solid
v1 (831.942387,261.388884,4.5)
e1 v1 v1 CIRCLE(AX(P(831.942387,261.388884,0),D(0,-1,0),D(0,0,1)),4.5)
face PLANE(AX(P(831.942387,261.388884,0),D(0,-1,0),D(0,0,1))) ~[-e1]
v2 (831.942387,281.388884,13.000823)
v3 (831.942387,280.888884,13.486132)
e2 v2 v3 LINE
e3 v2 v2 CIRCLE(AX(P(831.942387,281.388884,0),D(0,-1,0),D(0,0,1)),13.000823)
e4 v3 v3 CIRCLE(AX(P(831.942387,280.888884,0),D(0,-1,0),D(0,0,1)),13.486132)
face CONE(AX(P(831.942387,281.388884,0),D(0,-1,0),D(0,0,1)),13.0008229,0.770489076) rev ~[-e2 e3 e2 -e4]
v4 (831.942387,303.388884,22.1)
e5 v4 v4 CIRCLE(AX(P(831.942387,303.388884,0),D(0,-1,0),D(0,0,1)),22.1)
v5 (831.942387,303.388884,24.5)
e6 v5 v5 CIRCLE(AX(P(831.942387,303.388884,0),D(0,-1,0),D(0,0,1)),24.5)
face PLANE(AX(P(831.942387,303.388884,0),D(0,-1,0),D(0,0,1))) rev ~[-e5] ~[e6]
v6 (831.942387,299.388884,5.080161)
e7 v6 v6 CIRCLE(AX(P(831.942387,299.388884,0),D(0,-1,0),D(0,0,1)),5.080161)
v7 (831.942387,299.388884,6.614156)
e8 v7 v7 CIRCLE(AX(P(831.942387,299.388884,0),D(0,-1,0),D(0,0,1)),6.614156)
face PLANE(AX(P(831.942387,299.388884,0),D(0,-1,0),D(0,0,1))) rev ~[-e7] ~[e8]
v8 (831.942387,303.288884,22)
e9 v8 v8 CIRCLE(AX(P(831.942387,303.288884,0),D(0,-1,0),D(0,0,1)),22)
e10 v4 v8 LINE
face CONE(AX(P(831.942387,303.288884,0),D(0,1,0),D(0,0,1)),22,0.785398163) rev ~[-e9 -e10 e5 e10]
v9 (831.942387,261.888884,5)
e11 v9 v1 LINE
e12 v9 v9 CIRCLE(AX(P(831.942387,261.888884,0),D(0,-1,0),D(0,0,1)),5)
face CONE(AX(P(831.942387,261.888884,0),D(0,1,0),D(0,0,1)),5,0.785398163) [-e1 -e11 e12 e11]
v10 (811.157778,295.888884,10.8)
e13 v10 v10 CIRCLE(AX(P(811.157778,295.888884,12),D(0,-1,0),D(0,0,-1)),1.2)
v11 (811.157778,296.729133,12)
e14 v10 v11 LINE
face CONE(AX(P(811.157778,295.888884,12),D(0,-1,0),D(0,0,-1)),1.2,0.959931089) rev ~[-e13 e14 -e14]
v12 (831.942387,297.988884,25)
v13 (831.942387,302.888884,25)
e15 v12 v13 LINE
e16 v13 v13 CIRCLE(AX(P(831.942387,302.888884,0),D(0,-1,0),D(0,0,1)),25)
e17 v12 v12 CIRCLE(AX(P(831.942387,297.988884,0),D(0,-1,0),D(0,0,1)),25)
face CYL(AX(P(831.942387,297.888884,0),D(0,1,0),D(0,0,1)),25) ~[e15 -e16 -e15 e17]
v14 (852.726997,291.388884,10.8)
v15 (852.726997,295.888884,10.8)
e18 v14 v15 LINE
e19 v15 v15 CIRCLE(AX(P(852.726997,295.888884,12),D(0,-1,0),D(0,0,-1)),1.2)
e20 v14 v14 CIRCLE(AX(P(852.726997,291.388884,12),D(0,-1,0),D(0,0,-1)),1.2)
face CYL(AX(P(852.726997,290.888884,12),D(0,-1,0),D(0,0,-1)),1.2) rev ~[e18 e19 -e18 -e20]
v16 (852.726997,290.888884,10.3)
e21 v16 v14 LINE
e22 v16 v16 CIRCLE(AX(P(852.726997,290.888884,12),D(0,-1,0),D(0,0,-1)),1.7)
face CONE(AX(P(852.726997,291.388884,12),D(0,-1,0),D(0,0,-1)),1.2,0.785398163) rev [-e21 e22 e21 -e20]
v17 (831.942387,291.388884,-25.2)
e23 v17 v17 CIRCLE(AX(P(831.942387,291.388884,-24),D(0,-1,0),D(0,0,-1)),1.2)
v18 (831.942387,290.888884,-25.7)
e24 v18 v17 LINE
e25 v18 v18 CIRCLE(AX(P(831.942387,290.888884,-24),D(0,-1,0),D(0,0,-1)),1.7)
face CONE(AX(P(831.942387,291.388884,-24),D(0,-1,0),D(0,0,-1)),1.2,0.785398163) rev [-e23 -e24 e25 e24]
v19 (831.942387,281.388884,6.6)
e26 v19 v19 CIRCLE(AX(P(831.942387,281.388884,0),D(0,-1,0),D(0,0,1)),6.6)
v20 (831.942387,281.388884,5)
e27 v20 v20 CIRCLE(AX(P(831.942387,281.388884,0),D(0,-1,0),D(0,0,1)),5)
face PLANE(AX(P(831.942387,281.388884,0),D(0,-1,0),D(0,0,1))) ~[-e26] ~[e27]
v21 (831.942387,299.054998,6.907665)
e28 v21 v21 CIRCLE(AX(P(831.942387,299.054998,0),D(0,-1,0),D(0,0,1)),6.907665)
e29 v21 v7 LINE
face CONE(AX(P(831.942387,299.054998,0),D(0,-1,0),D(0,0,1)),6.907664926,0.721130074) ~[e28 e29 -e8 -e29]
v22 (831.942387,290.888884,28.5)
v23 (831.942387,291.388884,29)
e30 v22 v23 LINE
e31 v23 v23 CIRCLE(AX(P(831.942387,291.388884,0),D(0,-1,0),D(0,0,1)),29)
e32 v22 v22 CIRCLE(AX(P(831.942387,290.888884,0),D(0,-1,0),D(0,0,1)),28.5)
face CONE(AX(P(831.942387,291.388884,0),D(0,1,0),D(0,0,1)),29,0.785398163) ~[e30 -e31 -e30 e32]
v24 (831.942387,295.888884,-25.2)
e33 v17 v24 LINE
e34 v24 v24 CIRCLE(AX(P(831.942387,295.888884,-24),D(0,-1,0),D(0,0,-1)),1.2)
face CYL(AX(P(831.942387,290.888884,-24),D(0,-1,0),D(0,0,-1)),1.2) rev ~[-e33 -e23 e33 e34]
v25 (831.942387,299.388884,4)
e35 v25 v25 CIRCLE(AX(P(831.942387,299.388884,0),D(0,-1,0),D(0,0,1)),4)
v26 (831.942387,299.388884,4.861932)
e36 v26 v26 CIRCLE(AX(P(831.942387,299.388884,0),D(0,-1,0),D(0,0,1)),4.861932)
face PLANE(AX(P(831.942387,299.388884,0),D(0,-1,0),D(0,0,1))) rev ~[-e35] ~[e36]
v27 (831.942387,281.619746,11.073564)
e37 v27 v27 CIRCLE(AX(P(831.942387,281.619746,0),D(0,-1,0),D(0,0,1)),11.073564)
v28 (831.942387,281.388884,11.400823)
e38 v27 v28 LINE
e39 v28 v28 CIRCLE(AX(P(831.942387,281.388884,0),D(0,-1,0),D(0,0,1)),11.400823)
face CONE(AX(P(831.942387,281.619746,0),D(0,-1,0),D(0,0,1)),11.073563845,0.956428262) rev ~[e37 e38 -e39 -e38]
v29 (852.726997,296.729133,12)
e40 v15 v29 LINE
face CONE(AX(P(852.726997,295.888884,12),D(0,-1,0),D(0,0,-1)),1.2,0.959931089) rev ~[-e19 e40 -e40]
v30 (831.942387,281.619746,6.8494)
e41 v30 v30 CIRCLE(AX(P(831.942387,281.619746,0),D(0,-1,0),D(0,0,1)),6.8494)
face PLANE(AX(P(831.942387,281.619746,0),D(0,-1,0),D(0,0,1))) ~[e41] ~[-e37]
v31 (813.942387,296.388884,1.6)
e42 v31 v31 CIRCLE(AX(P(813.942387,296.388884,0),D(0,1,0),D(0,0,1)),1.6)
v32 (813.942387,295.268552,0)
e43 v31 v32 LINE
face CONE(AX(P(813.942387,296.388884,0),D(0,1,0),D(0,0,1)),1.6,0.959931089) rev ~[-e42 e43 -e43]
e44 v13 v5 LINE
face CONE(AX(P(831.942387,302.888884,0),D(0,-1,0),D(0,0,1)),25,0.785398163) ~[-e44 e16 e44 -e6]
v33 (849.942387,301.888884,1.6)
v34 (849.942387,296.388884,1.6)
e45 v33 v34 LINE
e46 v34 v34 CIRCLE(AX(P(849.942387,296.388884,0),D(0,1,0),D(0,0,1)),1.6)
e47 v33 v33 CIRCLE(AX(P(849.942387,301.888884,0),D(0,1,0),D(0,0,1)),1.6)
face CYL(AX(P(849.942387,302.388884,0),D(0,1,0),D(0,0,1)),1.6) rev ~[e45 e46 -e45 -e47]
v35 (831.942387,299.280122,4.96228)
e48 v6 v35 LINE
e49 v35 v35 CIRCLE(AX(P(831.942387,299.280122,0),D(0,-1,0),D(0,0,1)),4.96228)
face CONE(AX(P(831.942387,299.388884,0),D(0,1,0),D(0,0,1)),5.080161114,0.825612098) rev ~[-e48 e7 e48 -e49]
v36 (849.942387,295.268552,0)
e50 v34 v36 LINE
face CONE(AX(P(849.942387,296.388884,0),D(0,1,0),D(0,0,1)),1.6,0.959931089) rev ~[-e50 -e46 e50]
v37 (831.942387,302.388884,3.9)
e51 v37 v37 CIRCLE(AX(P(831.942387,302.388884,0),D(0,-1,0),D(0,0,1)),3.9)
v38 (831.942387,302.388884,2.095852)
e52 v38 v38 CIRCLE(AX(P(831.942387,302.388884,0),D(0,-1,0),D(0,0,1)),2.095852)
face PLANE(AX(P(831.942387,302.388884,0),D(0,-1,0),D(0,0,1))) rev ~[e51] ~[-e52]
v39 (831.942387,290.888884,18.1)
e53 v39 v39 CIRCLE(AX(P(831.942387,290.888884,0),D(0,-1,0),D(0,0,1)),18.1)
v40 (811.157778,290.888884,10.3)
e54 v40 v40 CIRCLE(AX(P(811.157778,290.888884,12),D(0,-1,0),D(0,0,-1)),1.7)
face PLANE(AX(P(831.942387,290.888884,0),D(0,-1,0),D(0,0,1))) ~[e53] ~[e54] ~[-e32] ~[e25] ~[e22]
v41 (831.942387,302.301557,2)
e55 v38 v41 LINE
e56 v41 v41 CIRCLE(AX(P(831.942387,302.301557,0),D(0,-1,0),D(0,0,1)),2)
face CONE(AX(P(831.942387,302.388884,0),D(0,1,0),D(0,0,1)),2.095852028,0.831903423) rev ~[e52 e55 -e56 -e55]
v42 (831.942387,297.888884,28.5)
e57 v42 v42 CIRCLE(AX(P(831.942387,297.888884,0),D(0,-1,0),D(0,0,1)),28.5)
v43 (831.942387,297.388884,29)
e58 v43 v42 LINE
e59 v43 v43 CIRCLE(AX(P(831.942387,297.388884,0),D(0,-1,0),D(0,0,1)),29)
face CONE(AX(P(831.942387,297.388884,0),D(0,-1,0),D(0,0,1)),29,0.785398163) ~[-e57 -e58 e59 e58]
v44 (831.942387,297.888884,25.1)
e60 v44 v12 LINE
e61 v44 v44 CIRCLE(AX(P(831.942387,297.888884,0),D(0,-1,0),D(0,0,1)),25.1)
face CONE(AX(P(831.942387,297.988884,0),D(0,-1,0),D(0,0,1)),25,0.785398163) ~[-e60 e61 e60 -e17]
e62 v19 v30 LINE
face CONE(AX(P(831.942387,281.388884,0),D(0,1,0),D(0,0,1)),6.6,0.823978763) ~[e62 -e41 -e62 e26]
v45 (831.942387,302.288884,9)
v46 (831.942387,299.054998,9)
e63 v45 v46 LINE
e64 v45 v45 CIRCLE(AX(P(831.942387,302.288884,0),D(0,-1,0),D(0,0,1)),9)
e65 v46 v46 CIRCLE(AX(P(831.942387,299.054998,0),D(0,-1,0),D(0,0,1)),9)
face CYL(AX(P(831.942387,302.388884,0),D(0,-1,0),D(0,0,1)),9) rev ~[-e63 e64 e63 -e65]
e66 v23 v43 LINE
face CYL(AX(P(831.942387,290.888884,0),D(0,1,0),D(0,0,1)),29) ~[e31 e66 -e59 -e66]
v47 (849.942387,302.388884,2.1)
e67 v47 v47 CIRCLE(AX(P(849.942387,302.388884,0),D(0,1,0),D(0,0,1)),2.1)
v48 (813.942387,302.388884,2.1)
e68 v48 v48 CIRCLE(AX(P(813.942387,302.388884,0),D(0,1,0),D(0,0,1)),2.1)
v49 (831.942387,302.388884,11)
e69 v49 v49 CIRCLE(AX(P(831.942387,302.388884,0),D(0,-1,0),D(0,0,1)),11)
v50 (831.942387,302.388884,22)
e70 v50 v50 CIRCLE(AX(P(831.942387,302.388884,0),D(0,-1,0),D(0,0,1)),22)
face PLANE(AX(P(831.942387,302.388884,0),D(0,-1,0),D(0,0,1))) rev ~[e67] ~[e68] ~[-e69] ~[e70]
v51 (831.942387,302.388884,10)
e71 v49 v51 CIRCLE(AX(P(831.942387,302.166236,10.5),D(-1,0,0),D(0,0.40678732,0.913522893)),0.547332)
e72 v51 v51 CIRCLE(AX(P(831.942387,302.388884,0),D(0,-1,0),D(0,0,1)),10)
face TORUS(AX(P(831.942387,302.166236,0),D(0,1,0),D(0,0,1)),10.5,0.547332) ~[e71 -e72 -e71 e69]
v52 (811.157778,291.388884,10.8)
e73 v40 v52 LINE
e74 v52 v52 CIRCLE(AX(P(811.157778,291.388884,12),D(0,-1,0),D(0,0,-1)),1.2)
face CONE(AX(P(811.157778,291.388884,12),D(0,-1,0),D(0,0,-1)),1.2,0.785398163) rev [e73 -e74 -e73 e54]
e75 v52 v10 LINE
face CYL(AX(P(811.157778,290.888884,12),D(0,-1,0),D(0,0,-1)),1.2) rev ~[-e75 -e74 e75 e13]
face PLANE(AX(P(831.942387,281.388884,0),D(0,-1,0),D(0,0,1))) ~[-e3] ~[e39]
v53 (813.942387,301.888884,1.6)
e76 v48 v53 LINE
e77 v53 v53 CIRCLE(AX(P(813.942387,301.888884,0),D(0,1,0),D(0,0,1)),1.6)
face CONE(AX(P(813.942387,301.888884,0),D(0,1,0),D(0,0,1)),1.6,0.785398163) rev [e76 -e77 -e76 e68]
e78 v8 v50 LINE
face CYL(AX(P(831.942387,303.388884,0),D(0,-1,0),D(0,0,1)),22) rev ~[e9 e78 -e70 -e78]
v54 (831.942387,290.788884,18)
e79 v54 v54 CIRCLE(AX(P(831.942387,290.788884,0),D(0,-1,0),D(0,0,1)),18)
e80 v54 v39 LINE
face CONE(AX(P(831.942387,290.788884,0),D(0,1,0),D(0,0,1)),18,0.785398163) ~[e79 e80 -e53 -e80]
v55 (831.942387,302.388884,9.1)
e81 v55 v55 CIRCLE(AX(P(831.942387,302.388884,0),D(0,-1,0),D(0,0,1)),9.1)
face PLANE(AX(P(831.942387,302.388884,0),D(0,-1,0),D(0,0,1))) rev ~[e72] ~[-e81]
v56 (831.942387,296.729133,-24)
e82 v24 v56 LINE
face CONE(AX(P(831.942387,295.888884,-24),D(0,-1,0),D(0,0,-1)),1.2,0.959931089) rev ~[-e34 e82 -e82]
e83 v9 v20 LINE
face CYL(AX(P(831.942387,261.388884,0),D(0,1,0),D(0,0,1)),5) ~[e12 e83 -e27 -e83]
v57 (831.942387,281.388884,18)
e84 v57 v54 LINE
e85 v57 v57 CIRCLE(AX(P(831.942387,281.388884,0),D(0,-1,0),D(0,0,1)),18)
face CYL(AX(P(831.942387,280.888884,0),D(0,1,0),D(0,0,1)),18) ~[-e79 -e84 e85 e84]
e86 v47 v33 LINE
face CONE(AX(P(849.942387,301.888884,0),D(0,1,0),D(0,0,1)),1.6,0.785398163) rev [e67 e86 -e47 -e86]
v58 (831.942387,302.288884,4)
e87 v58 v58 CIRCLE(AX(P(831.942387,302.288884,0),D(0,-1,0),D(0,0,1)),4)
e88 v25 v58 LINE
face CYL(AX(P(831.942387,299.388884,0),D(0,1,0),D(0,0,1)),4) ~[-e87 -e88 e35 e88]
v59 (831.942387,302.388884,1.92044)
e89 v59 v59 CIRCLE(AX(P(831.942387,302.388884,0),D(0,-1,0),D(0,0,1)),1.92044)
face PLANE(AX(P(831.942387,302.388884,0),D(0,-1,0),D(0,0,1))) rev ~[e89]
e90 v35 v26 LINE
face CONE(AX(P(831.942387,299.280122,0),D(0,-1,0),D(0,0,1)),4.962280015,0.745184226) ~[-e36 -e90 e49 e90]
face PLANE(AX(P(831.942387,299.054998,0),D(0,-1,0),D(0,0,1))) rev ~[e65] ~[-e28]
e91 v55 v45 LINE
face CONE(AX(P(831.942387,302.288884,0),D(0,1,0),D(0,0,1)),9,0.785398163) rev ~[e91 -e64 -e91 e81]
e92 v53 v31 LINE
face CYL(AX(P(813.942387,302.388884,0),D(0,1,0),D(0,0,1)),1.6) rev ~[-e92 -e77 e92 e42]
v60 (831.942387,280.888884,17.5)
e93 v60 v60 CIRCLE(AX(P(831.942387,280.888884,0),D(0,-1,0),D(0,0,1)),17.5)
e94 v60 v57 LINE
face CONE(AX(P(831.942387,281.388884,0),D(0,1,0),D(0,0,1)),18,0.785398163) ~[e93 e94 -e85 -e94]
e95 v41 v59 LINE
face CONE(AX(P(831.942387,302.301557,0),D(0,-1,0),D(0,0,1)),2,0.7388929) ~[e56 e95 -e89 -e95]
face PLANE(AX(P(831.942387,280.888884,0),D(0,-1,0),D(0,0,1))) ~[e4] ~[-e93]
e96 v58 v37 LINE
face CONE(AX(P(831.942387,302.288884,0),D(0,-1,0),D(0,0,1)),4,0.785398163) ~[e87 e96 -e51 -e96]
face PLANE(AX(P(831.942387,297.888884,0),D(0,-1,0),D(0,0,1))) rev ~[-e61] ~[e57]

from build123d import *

# Parameters (mm, degrees)
SKETCH2_R          = 1.6
CUT_EXTRUDE2_DEPTH = 6
SKETCH4_R          = 1.2
CUT_EXTRUDE4_DEPTH = 5
CHAMFER1_SIZE      = 0.5
CHAMFER3_SIZE      = 0.1


with BuildPart() as part:
    # Sketch1 → Revolve4 (revolve)
    with BuildSketch(Plane.XY, mode=Mode.PRIVATE) as revolve4_sk:
        with BuildLine():
            Line((844.943210176, 281.38888375), (845.428519032, 280.88888375))
            Line((845.428519032, 280.88888375), (849.942387276, 280.88888375))
            Line((849.942387276, 280.88888375), (849.942387276, 290.88888375))
            Line((849.942387276, 290.88888375), (860.942387276, 290.88888375))
            Line((860.942387276, 290.88888375), (860.942387276, 297.88888375))
            Line((860.942387276, 297.88888375), (856.942387276, 297.88888375))
            Line((856.942387276, 297.88888375), (856.942387276, 303.38888375))
            Line((856.942387276, 303.38888375), (853.942387276, 303.38888375))
            Line((853.942387276, 303.38888375), (853.942387276, 302.38888375))
            Line((853.942387276, 302.38888375), (842.942387276, 302.38888375))
            ThreePointArc((842.942387276, 302.38888375), (842.442387276, 302.71356783), (841.942387276, 302.38888375))
            Line((841.942387276, 302.38888375), (840.942387276, 302.38888375))
            Line((840.942387276, 302.38888375), (840.942387276, 299.054998182))
            Line((840.942387276, 299.054998182), (838.850052202, 299.054998182))
            Line((838.850052202, 299.054998182), (838.556543661, 299.38888375))
            Line((838.556543661, 299.38888375), (837.02254839, 299.38888375))
            Line((837.02254839, 299.38888375), (836.904667291, 299.280121777))
            Line((836.904667291, 299.280121777), (836.804319001, 299.38888375))
            Line((836.804319001, 299.38888375), (835.942387276, 299.38888375))
            Line((835.942387276, 299.38888375), (835.942387276, 302.38888375))
            Line((835.942387276, 302.38888375), (834.038239304, 302.38888375))
            Line((834.038239304, 302.38888375), (833.942387276, 302.301556661))
            Line((833.942387276, 302.301556661), (833.862826931, 302.38888375))
            Line((833.862826931, 302.38888375), (831.942387276, 302.38888375))
            Line((831.942387276, 302.38888375), (831.942387276, 261.38888375))
            Line((831.942387276, 261.38888375), (836.942387276, 261.38888375))
            Line((836.942387276, 261.38888375), (836.942387276, 281.38888375))
            Line((836.942387276, 281.38888375), (838.542387276, 281.38888375))
            Line((838.542387276, 281.38888375), (838.791787089, 281.619745582))
            Line((838.791787089, 281.619745582), (843.015951121, 281.619745582))
            Line((843.015951121, 281.619745582), (843.343210176, 281.38888375))
            Line((843.343210176, 281.38888375), (844.943210176, 281.38888375))
        make_face()
    revolve(revolve4_sk.sketch.rotate(Axis((831.942387276, 300.670444461, 0), (0, -1, 0)), 90), axis=Axis((831.942387276, 300.670444461, 0), (0, -1, 0)))

    # Sketch2 → Cut-Extrude2 (cut)
    with BuildSketch(Plane(origin=(0, 302.38888375, 0), x_dir=(-1, 0, 0), z_dir=(0, 1, 0))):
        with Locations(Location((-849.942387276, 0, 0), (0, 0, 90))):
            Circle(SKETCH2_R)
        with Locations(Location((-813.942387276, 0, 0), (0, 0, 90))):
            Circle(SKETCH2_R)
    extrude(amount=-CUT_EXTRUDE2_DEPTH, mode=Mode.SUBTRACT)

    # Cut-Extrude3 cone 1 section (through the dimple's axis) → Cut-Extrude3 (revolve, cut)
    with BuildSketch(Plane(origin=(849.942387276, 296.38888375, 0), x_dir=(0, 0, 1), z_dir=(1, 0, 0))):
        Polygon((0, 0), (1.6, 0), (0, 1.120332061), align=None)
    revolve(axis=Axis((849.942387276, 296.38888375, 0), (0, -1, 0)), mode=Mode.SUBTRACT)

    # Cut-Extrude3 cone 2 section (through the dimple's axis) → Cut-Extrude3 cone 2 (revolve, cut)
    with BuildSketch(Plane(origin=(813.942387276, 296.38888375, 0), x_dir=(0, 0, 1), z_dir=(1, 0, 0))):
        Polygon((0, 0), (1.6, 0), (0, 1.120332061), align=None)
    revolve(axis=Axis((813.942387276, 296.38888375, 0), (0, -1, 0)), mode=Mode.SUBTRACT)

    # Sketch4 → Cut-Extrude4 (cut)
    with BuildSketch(Plane.XZ.offset(-290.88888375)):
        with Locations(Location((831.942387276, -24, 0), (0, 0, 270))):
            Circle(SKETCH4_R)
        with Locations(Location((811.157777585, 12, 0), (0, 0, 270))):
            Circle(SKETCH4_R)
        with Locations(Location((852.726996967, 12, 0), (0, 0, 270))):
            Circle(SKETCH4_R)
    extrude(amount=-CUT_EXTRUDE4_DEPTH, mode=Mode.SUBTRACT)

    # Cut-Extrude5 cone 1 section (through the dimple's axis) → Cut-Extrude5 (revolve, cut)
    with BuildSketch(Plane(origin=(831.942387276, 295.88888375, -24), x_dir=(0, 0, -1), z_dir=(1, 0, 0))):
        Polygon((0, 0), (1.2, 0), (0, 0.840249046), align=None)
    revolve(axis=Axis((831.942387276, 295.88888375, -24), (0, 1, 0)), mode=Mode.SUBTRACT)

    # Cut-Extrude5 cone 2 section (through the dimple's axis) → Cut-Extrude5 cone 2 (revolve, cut)
    with BuildSketch(Plane(origin=(852.726996967, 295.88888375, 12), x_dir=(0, 0, -1), z_dir=(1, 0, 0))):
        Polygon((0, 0), (1.2, 0), (0, 0.840249046), align=None)
    revolve(axis=Axis((852.726996967, 295.88888375, 12), (0, 1, 0)), mode=Mode.SUBTRACT)

    # Cut-Extrude5 cone 3 section (through the dimple's axis) → Cut-Extrude5 cone 3 (revolve, cut)
    with BuildSketch(Plane(origin=(811.157777585, 295.88888375, 12), x_dir=(0, 0, -1), z_dir=(1, 0, 0))):
        Polygon((0, 0), (1.2, 0), (0, 0.840249046), align=None)
    revolve(axis=Axis((811.157777585, 295.88888375, 12), (0, 1, 0)), mode=Mode.SUBTRACT)

    # Chamfer1
    chamfer1_edges = [part.edges().sort_by_distance(p)[0] for p in [
        (831.942387276, 303.38888375, -25),
        (831.942387276, 297.88888375, -29),
        (831.942387276, 290.88888375, -29),
        (831.942387276, 280.88888375, -18),
        (831.942387276, 261.38888375, -5),
        (849.942387276, 302.38888375, -1.6),
        (813.942387276, 302.38888375, -1.6),
        (831.942387276, 290.88888375, -22.8),
        (811.157777585, 290.88888375, 13.2),
        (852.726996967, 290.88888375, 13.2),
    ]]
    chamfer(chamfer1_edges, length=CHAMFER1_SIZE)

    # Chamfer3
    chamfer3_edges = [part.edges().sort_by_distance(p)[0] for p in [
        (831.942387276, 302.38888375, -4),
        (831.942387276, 302.38888375, -9),
        (831.942387276, 303.38888375, -22),
        (831.942387276, 297.88888375, -25),
        (831.942387276, 290.88888375, -18),
    ]]
    chamfer(chamfer3_edges, length=CHAMFER3_SIZE)


solid = part.part
